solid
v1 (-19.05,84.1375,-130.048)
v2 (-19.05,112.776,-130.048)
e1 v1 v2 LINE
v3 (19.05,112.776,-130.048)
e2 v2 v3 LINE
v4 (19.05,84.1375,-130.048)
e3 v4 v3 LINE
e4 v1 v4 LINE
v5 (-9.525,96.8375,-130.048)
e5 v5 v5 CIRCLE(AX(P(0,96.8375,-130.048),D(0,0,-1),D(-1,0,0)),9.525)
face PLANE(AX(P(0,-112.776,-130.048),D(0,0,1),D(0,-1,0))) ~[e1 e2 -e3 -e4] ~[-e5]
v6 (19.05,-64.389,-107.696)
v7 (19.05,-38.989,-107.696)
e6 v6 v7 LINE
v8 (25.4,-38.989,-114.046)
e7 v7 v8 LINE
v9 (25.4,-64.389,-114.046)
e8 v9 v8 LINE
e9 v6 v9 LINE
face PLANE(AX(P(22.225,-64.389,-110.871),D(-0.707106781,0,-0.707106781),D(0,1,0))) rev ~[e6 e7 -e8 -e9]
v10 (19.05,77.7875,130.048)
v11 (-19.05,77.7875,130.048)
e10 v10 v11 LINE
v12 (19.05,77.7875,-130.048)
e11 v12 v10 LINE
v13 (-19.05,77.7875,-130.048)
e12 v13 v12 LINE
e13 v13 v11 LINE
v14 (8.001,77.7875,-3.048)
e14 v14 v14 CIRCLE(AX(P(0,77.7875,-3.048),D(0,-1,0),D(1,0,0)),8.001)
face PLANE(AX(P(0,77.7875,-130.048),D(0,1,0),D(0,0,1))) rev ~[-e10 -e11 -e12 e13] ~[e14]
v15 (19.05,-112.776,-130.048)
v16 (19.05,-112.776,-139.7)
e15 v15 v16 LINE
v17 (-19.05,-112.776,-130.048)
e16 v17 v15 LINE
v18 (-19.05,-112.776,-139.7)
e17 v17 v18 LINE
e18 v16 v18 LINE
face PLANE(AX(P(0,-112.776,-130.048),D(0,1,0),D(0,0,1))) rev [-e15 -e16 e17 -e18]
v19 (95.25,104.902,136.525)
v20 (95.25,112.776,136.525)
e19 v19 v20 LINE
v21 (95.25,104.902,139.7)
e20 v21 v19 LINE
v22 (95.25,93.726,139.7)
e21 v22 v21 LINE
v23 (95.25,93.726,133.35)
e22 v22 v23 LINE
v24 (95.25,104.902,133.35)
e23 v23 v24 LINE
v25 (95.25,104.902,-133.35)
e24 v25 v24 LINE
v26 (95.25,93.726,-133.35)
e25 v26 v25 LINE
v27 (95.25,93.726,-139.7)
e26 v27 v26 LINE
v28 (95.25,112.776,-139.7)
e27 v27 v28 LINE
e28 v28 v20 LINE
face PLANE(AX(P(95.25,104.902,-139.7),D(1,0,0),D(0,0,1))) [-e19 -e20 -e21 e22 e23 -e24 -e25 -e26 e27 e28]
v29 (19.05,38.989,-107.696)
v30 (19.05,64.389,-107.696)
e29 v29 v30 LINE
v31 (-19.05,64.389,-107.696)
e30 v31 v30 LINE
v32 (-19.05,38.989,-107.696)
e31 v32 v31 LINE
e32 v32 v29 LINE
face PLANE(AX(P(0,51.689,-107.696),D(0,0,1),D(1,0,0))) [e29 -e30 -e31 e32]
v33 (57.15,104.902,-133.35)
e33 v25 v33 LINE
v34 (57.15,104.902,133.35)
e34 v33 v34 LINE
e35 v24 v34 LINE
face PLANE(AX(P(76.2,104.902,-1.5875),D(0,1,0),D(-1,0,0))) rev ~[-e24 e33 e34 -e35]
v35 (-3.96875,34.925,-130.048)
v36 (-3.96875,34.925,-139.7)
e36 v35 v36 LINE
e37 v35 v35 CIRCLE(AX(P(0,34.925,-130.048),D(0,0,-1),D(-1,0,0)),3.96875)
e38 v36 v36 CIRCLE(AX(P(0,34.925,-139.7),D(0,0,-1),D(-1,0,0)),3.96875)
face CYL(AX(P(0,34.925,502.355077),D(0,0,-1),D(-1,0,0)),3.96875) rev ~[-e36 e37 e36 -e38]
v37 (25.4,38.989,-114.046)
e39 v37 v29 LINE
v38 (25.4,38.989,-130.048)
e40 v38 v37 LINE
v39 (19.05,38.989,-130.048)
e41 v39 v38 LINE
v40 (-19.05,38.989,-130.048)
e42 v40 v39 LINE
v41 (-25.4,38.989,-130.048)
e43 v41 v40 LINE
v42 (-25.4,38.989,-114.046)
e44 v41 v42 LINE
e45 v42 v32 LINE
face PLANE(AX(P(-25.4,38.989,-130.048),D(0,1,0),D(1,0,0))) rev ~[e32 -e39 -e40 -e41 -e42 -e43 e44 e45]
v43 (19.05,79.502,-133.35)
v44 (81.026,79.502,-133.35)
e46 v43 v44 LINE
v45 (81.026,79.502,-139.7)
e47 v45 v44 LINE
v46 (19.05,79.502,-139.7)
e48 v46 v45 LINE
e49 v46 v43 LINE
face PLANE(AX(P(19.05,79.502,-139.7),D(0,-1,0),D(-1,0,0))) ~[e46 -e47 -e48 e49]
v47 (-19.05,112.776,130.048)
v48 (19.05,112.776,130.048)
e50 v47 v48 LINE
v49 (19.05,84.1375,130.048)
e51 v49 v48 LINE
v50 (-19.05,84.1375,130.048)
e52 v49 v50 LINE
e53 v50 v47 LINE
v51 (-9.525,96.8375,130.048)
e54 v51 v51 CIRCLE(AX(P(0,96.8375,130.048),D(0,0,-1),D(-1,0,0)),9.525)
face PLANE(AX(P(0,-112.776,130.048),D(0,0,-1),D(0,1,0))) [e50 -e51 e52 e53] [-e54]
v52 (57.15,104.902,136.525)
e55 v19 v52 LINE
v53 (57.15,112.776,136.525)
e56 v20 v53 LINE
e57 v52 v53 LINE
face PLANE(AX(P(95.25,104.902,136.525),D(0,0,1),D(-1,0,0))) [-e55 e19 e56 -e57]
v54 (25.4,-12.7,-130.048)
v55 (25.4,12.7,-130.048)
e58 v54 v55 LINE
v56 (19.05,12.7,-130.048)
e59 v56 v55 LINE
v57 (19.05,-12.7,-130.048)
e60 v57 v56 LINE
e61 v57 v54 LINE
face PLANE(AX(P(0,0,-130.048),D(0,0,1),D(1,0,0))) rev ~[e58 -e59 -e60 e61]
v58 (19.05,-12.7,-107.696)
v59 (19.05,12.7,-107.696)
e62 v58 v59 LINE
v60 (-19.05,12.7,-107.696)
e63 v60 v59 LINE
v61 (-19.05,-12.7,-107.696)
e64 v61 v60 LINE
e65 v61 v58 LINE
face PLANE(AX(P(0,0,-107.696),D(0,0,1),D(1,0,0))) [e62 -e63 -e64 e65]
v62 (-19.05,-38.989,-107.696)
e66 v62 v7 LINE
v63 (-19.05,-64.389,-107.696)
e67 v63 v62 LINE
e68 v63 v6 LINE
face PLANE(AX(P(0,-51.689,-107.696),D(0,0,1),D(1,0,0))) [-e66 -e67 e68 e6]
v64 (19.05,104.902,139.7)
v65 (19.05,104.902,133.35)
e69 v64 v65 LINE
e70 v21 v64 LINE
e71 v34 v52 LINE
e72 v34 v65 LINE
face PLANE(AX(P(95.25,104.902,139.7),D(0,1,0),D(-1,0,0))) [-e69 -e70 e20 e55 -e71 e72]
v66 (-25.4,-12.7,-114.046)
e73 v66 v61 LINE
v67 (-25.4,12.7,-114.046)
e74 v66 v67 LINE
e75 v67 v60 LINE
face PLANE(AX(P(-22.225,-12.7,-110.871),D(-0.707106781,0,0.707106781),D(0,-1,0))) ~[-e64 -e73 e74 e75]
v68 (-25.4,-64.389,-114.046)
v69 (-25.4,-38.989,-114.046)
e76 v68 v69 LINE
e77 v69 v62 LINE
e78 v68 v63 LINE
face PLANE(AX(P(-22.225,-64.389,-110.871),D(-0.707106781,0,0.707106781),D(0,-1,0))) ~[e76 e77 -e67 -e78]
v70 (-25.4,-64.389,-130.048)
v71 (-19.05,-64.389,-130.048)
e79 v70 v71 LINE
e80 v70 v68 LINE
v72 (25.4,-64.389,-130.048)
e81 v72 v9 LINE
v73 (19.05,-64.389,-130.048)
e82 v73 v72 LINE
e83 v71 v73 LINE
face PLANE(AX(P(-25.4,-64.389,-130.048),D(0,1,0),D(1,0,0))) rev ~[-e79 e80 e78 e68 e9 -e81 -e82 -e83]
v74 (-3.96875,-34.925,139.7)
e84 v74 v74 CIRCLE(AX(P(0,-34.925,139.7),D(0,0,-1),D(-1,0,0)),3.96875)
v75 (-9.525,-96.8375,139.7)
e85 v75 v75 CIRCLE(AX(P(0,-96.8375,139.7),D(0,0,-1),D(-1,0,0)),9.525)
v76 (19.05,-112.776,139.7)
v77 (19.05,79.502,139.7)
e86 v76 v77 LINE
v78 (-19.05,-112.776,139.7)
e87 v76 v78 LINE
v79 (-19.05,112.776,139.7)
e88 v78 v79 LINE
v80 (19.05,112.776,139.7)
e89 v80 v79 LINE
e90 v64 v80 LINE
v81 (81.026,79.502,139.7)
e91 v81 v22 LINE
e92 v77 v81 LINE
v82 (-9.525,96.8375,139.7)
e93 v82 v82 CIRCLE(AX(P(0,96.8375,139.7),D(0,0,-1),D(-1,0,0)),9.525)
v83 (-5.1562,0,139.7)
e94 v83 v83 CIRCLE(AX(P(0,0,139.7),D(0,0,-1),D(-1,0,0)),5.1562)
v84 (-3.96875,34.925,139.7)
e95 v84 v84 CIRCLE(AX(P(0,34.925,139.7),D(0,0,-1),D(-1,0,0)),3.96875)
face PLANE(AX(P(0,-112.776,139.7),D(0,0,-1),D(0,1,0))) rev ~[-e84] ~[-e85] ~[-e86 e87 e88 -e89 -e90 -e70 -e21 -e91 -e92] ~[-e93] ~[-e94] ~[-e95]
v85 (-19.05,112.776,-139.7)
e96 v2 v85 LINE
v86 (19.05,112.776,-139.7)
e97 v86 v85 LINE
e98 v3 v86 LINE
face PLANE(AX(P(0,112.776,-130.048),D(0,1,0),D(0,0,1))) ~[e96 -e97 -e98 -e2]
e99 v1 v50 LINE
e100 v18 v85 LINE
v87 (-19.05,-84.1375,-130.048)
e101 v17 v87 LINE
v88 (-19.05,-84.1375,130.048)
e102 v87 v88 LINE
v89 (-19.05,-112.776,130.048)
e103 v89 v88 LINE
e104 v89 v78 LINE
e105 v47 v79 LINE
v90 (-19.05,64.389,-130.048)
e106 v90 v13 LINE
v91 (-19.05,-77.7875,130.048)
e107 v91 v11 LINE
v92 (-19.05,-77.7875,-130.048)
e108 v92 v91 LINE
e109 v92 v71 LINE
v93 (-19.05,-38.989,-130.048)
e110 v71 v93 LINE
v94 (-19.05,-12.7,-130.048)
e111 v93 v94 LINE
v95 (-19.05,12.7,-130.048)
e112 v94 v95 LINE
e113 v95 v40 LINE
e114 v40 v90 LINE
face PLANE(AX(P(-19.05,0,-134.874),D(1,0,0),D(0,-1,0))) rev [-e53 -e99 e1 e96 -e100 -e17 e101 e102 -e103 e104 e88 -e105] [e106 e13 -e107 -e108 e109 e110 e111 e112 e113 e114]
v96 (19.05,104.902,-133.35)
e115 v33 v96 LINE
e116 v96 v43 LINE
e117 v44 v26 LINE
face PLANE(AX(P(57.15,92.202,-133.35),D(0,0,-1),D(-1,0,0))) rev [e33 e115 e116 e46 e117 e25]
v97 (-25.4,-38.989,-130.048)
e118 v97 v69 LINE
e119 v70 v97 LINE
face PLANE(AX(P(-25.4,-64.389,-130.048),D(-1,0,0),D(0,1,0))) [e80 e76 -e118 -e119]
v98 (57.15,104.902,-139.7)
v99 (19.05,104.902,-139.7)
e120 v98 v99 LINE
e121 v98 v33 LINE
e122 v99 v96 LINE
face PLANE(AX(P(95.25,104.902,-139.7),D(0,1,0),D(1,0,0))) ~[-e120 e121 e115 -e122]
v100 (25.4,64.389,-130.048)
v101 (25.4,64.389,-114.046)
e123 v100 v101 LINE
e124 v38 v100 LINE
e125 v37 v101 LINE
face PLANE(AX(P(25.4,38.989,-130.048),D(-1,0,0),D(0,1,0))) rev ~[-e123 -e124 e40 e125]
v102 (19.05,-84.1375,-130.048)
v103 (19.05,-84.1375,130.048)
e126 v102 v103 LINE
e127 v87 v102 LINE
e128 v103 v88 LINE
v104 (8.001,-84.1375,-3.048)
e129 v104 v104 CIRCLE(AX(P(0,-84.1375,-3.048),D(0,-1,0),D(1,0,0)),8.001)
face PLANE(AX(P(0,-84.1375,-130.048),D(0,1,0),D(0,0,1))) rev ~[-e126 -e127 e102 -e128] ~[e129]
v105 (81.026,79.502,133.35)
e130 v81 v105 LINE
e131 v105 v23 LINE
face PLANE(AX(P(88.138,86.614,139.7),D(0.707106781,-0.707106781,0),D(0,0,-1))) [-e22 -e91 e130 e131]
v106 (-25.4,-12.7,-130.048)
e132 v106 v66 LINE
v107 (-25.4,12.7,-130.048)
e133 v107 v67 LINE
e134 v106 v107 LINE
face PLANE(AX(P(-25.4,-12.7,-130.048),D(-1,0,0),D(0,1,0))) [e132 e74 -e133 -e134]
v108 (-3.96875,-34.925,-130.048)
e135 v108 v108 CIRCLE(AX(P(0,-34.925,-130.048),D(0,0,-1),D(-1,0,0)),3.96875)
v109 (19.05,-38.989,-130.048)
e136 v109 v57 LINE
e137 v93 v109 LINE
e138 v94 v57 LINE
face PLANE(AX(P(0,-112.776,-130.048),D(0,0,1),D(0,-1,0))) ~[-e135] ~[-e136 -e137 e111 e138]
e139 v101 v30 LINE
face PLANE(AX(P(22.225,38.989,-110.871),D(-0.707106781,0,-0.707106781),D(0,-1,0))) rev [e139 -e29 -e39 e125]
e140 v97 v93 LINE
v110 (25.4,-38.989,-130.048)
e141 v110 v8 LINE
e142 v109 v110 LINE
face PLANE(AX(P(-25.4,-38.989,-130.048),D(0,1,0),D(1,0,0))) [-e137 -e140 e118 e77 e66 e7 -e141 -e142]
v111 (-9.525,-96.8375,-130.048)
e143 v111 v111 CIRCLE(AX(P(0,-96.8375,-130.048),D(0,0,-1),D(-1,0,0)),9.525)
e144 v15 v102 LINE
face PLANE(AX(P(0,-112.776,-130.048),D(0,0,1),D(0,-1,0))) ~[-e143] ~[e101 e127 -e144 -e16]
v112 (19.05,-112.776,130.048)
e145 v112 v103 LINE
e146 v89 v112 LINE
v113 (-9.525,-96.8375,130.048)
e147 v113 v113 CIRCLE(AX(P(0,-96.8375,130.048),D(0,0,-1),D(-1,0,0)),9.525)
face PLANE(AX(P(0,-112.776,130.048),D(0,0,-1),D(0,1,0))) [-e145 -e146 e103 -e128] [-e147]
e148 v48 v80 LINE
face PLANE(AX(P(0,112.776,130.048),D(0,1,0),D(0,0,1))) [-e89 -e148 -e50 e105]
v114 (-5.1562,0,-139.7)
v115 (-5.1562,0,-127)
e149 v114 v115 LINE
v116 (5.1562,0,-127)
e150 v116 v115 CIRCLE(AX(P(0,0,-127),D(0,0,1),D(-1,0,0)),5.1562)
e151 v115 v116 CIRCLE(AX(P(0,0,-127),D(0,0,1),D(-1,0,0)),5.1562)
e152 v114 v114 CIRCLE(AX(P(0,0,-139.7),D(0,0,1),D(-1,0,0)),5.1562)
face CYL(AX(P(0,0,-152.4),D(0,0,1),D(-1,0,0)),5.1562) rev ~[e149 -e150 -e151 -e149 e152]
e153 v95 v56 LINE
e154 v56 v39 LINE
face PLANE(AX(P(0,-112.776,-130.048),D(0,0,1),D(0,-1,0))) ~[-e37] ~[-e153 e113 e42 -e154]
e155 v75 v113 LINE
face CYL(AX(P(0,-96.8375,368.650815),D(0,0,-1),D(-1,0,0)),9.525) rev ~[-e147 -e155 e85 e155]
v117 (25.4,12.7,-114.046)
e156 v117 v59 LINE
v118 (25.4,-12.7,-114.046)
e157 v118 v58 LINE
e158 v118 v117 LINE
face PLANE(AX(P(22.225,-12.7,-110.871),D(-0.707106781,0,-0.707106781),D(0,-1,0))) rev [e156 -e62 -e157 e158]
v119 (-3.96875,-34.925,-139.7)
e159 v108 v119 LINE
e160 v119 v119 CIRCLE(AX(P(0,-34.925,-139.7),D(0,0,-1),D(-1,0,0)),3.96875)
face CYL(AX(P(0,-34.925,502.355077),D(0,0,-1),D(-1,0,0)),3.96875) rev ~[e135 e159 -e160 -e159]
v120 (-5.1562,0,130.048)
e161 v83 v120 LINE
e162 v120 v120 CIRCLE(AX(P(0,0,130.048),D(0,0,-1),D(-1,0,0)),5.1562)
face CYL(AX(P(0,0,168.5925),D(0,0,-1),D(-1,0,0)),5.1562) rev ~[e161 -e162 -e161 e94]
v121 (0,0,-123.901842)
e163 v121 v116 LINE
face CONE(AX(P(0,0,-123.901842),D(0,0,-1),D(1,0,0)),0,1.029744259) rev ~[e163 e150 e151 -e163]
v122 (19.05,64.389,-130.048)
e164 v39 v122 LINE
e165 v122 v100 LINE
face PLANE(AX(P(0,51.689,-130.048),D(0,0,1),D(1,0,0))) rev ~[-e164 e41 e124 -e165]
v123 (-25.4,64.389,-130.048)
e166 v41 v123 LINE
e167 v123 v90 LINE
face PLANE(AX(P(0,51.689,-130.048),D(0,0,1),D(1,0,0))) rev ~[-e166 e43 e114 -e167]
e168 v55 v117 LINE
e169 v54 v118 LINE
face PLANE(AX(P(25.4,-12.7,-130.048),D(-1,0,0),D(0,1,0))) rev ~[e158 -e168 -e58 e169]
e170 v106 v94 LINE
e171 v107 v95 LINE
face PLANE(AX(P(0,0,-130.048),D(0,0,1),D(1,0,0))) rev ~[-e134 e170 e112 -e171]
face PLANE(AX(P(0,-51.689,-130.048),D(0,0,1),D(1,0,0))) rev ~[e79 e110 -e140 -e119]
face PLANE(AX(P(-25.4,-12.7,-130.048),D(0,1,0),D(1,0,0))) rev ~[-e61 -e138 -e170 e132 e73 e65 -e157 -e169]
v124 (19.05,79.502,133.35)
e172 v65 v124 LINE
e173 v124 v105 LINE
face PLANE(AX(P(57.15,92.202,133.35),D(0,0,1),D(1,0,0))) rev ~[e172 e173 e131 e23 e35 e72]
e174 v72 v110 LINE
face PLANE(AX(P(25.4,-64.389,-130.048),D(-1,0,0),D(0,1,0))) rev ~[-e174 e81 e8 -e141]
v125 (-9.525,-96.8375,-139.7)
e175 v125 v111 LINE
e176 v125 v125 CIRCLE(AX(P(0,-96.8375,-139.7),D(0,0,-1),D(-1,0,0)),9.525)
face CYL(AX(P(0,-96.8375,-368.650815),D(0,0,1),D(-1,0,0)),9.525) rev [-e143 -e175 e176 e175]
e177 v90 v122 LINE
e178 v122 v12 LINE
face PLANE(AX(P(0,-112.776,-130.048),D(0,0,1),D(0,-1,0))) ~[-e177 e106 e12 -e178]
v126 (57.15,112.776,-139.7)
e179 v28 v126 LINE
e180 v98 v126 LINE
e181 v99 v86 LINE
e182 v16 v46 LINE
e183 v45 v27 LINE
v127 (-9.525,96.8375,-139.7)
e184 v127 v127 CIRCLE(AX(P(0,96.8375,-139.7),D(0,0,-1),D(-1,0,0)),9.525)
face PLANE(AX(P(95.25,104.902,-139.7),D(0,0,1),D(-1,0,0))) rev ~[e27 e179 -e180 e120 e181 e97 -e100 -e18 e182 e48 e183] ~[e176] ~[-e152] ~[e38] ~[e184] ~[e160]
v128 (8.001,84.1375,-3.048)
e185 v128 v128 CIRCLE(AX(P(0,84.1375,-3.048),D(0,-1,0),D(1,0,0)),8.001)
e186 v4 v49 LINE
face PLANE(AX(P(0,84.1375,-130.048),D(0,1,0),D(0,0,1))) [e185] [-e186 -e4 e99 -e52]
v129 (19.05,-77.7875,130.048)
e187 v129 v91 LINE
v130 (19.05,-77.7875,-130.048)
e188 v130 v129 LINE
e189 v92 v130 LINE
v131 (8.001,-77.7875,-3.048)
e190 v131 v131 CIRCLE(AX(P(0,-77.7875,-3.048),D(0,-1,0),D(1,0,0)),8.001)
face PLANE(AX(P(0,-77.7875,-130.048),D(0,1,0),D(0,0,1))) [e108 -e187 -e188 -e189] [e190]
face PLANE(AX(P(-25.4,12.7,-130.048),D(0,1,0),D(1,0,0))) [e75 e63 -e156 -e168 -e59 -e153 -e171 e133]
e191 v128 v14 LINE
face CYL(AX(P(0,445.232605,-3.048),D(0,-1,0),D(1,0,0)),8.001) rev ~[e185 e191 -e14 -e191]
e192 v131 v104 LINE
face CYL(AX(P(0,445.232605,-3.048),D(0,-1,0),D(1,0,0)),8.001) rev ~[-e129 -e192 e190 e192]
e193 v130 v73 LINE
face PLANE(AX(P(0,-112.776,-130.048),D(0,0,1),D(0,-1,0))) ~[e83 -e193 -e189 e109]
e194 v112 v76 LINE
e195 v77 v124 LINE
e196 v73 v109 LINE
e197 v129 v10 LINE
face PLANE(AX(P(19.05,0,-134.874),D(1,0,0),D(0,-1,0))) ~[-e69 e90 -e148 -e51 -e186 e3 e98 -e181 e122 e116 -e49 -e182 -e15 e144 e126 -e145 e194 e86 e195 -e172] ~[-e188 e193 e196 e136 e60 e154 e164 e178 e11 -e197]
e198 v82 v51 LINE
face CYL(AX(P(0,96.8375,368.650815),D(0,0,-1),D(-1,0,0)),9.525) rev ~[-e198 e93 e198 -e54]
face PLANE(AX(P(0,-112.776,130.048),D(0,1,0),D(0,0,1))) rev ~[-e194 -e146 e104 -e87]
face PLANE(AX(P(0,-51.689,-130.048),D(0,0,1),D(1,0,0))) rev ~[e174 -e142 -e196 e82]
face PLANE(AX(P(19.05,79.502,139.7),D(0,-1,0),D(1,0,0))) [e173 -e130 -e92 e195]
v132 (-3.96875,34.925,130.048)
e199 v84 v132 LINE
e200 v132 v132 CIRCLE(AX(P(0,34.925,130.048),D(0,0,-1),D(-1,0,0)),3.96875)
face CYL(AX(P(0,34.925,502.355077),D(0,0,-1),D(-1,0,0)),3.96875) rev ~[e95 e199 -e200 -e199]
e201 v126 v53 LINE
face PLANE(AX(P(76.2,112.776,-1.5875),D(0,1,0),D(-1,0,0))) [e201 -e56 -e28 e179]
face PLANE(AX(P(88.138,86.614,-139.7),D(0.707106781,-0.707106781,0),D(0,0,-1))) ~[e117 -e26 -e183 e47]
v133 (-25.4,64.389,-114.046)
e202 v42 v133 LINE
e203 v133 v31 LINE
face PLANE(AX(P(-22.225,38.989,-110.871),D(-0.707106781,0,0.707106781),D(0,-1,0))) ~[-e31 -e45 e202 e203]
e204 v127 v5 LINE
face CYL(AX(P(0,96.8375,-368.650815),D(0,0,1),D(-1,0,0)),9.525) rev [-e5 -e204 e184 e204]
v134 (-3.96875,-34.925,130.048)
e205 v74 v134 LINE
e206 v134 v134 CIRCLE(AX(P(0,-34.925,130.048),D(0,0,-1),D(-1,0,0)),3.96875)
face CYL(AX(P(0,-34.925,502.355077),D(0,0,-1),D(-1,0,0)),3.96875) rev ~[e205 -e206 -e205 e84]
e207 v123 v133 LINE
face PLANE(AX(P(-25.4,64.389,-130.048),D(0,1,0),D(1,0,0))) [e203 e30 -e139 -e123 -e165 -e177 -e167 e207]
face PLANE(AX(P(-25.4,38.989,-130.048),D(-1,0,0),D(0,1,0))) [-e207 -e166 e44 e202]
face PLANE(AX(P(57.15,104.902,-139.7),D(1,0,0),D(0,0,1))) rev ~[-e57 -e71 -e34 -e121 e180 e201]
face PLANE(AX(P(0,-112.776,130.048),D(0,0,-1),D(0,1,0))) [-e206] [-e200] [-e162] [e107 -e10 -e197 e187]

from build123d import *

# Parameters (mm, degrees)
F0_W       = 225.552
F0_H       = 9.652
F1_DEPTH   = 19.05
F3_D       = 19.05
F5_W       = 6.35
F5_H       = 260.096
F6_DEPTH   = 19.05
F9_D       = 16.002
F10_W      = 50.8
F10_H      = 25.4
F11_DEPTH  = 22.352
F12_SIZE   = 6.35
F14_D      = 7.9375
F16_D      = 10.3124
F16_DEPTH  = 28.8925
F16_TIP    = 3.0981575238
F18_D      = 10.3124
F18_DEPTH  = 12.7
F18_TIP    = 3.0981575238
F20_DEPTH  = 6.35
F22_SIZE   = 14.224
F22_2_SIZE = 14.224
F23_W      = 38.1
F23_H      = 276.225
F24_DEPTH  = 7.874


with BuildPart() as f1:
    # F0 (on Right) → F1 (new body, symmetric)
    with BuildSketch(Plane.YZ):
        with Locations((0, 134.874)):
            Rectangle(F0_W, F0_H)
    extrude(amount=F1_DEPTH, both=True)

    # F3 (through all)
    with Locations(Plane.XY.offset(139.7)):
        with Locations((0, -96.8375), (0, 96.8375)):
            Hole(F3_D / 2)


with BuildPart() as f4_1:
    # F4: instance of F1
    add(f1.part.mirror(Plane.XY))


with BuildPart() as f6:
    # F5 (on Right) → F6 (new body, symmetric)
    with BuildSketch(Plane.YZ):
        with Locations((-80.9625, 0)):
            Rectangle(F5_W, F5_H)
    extrude(amount=F6_DEPTH, both=True)


with BuildPart() as f6b:
    # F5 (on Right) → F6, piece 2 (new body, symmetric)
    with BuildSketch(Plane.YZ):
        with Locations((80.9625, 0)):
            Rectangle(F5_W, F5_H)
    extrude(amount=F6_DEPTH, both=True)


with BuildPart() as f1_1:
    add(f1.part)

    # F8: union F6, F6b, F4_1
    add(f6.part)
    add(f6b.part)
    add(f4_1.part)

    # F9 (through all)
    with Locations(Plane(origin=(0, 84.1375, 0), x_dir=(-1, 0, 0), z_dir=(0, 1, 0))):
        with Locations((0, -3.048)):
            Hole(F9_D / 2)

    # F10 (on face) → F11 (join)
    with BuildSketch(Plane.XY.offset(-130.048)):
        with Locations((0, -51.689)):
            Rectangle(F10_W, F10_H)
        Rectangle(F10_W, F10_H)
        with Locations((0, 51.689)):
            Rectangle(F10_W, F10_H)
    extrude(amount=F11_DEPTH)

    # F12
    f12_edges = [f1_1.edges().sort_by_distance(p)[0] for p in [
        (-25.4, -51.689, -107.696),
        (-25.4, 0, -107.696),
        (-25.4, 51.689, -107.696),
        (25.4, 51.689, -107.696),
        (25.4, 0, -107.696),
        (25.4, -51.689, -107.696),
    ]]
    chamfer(f12_edges, length=F12_SIZE)

    # F14 (through all)
    with Locations(Plane.XY.offset(139.7)):
        with Locations((0, -34.925), (0, 34.925)):
            Hole(F14_D / 2)

    # F16
    with Locations(Plane.XY.offset(139.7)):
        with Locations((0, 0)):
            Hole(F16_D / 2, depth=F16_DEPTH)
            with Locations((0, 0, -(F16_DEPTH + F16_TIP / 2))):  # 118° drill point
                Cone(0, F16_D / 2, F16_TIP, mode=Mode.SUBTRACT)

    # F18
    with Locations(Plane(origin=(0, 0, -139.7), x_dir=(1, 0, 0), z_dir=(0, 0, -1))):
        with Locations((0, 0)):
            Hole(F18_D / 2, depth=F18_DEPTH)
            with Locations((0, 0, -(F18_DEPTH + F18_TIP / 2))):  # 118° drill point
                Cone(0, F18_D / 2, F18_TIP, mode=Mode.SUBTRACT)

    # F21: F20 across plane


with BuildPart() as f20:
    # F19 (on face) → F20 (new body)
    with BuildSketch(Plane.XY.offset(139.7)):
        Polygon((19.05, 104.902), (19.05, 79.502), (73.2887461782, 79.502), (95.25, 79.502), (95.25, 104.902), align=None)
    extrude(amount=-F20_DEPTH)


with BuildPart() as f1_2:
    add(f1_1.part)
    add(f20.part.mirror(Plane.XY))

    # F22#2
    f22_2_edges = [f1_2.edges().sort_by_distance(p)[0] for p in [
        (95.25, 79.502, -136.525),
    ]]
    chamfer(f22_2_edges, length=F22_2_SIZE)



with BuildPart() as f20_1:
    add(f20.part)

    # F22
    f22_edges = [f20_1.edges().sort_by_distance(p)[0] for p in [
        (95.25, 79.502, 136.525),
    ]]
    chamfer(f22_edges, length=F22_SIZE)


with BuildPart() as f1_3:
    add(f1_2.part)

    add(f20_1.part)  # F24 merges F20
    # F23 (on face) → F24 (join)
    with BuildSketch(Plane(origin=(0, 104.902, 0), x_dir=(-1, 0, 0), z_dir=(0, 1, 0))):
        with Locations((-76.2, -1.5875)):
            Rectangle(F23_W, F23_H)
    extrude(amount=F24_DEPTH)


solid = f1_3.part
